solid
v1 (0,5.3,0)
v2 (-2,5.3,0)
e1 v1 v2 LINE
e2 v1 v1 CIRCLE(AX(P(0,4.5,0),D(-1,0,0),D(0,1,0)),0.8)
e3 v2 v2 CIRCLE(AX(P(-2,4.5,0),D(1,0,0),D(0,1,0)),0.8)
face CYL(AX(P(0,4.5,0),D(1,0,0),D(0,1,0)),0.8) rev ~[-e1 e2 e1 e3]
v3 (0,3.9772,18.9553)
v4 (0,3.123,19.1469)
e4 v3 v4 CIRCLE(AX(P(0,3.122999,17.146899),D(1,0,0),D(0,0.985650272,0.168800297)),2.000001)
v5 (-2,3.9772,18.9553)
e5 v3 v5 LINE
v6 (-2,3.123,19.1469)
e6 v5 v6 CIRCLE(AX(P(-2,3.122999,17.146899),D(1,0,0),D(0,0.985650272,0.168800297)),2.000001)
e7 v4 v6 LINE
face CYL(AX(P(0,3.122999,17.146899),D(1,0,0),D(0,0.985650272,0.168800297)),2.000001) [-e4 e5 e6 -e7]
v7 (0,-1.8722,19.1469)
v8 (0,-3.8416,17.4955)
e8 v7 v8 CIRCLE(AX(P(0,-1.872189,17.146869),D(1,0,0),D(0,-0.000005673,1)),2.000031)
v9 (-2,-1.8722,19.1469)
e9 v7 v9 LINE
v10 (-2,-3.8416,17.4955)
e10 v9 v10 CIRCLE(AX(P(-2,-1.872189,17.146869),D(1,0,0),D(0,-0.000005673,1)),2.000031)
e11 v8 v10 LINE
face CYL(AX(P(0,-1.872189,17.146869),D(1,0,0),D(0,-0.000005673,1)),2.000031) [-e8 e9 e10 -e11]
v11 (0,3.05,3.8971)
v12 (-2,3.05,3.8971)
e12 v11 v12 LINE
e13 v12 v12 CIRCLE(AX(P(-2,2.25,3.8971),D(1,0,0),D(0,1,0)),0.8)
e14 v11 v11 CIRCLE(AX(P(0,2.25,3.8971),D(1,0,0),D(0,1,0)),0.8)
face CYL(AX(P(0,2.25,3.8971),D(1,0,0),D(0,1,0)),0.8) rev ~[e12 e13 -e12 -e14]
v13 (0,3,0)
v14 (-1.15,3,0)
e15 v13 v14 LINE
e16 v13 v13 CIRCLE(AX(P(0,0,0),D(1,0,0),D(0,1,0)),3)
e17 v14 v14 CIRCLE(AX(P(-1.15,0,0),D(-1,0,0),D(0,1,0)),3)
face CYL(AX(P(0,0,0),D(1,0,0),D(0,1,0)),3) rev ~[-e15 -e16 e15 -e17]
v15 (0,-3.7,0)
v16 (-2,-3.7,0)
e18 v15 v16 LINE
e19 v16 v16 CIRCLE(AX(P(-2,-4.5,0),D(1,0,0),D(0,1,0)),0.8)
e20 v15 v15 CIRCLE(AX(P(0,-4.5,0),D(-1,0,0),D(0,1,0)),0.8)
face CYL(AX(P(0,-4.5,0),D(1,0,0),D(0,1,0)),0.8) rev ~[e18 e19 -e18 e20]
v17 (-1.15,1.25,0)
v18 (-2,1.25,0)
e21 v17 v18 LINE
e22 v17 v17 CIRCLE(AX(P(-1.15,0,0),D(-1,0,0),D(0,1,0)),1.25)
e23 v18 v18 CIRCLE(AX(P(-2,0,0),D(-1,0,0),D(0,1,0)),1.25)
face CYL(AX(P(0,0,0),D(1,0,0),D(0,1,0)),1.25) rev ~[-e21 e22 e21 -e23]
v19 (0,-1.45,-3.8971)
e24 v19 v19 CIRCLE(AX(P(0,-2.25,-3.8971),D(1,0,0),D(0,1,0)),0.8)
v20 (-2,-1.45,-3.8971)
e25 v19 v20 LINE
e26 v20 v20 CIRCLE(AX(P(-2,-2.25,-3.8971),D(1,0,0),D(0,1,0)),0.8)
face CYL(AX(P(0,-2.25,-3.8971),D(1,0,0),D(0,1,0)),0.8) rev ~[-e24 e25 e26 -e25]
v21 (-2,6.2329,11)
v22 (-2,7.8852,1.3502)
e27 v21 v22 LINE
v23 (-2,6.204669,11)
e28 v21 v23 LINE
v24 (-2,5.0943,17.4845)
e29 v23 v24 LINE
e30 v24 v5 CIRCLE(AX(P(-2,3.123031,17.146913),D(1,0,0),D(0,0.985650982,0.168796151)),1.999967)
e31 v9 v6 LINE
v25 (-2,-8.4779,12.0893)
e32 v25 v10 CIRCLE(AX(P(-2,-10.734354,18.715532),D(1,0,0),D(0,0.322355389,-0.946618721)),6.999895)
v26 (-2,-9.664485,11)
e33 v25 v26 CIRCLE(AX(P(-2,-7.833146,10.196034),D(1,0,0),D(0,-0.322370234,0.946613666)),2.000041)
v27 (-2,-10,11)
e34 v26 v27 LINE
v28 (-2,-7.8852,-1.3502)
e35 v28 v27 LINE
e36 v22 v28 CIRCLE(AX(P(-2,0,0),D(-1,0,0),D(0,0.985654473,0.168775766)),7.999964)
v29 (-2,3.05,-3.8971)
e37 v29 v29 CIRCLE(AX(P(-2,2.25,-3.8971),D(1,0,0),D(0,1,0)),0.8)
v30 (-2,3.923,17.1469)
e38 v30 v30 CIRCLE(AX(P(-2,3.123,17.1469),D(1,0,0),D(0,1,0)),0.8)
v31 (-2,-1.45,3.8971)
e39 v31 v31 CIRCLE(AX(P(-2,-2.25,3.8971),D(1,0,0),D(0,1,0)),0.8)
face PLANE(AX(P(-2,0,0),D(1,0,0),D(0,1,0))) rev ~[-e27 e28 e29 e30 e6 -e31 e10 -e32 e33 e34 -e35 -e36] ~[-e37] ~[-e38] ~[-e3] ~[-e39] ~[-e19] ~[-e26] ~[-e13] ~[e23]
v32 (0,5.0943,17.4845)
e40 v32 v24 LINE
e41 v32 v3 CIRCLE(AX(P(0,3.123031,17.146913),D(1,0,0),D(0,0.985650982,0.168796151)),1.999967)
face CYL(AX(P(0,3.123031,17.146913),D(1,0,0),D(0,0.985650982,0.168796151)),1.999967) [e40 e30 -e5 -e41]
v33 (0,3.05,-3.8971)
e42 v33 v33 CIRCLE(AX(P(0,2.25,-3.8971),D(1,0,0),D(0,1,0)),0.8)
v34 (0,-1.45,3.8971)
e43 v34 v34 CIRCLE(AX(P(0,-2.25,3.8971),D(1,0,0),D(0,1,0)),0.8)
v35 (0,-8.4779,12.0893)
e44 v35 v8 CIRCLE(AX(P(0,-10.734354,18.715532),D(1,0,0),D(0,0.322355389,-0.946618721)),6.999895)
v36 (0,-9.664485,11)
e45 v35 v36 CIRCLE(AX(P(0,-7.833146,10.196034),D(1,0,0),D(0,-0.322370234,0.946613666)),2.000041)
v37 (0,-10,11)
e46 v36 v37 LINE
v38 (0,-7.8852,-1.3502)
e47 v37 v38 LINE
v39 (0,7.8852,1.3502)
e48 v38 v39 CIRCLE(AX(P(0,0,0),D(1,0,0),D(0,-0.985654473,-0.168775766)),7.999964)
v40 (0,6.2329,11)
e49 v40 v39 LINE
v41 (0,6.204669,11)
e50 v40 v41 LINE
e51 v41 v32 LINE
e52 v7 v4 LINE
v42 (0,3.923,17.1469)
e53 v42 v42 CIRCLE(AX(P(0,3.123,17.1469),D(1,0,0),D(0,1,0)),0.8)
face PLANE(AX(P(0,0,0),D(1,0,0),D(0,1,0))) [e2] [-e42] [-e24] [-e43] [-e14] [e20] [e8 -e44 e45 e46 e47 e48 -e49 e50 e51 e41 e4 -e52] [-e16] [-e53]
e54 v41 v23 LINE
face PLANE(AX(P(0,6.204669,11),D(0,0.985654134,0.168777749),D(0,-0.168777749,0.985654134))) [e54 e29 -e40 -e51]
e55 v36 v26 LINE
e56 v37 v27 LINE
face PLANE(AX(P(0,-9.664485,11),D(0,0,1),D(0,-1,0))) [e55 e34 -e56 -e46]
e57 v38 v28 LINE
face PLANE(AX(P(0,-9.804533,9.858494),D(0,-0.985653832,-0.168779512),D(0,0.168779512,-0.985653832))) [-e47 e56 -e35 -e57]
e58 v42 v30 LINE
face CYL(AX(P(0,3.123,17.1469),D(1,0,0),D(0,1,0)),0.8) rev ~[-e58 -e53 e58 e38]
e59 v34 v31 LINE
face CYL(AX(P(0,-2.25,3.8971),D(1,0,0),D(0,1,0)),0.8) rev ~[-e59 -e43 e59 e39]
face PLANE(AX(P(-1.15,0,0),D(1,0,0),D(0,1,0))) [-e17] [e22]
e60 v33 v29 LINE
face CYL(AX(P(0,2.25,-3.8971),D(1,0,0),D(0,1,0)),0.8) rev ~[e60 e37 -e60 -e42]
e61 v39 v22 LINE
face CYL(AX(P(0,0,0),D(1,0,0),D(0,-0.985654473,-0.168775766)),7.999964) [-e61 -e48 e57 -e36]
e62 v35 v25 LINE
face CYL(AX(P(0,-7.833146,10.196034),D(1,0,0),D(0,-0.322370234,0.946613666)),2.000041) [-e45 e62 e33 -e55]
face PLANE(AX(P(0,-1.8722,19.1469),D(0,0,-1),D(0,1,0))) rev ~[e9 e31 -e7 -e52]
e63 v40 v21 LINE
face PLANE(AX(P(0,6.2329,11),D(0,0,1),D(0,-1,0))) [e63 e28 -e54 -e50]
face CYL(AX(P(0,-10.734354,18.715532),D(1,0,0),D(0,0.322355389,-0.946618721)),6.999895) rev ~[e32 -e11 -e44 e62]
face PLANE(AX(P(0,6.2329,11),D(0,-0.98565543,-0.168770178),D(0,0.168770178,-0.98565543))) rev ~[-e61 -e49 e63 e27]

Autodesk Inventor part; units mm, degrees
ref_plane "YZ Plane" through (0, 0, 0) normal (1, 0, 0) x (0, 1, 0)
ref_plane "XZ Plane" through (0, 0, 0) normal (0, 1, 0) x (-1, 0, 0)
ref_plane "XY Plane" through (0, 0, 0) normal (0, 0, 1) x (1, 0, 0)
sketch "スケッチ1" plane through (0, 0, 0) normal (1, 0, 0) x (0, 1, 0)
  circle A0 centre (0, 0) radius 3
  circle A1 centre (0, 0) radius 4.5 construction
  circle A2 centre (4.5, 0) radius 0.8
  circle A3 centre (2.25, 3.8971) radius 0.8
  circle A4 centre (-2.25, 3.8971) radius 0.8
  circle A5 centre (-4.5, 0) radius 0.8
  circle A6 centre (-2.25, -3.8971) radius 0.8
  circle A7 centre (2.25, -3.8971) radius 0.8
  line L0 (-25.1126, 0) -> (14.9601, 0) projected
  line L1 (6.2329, 11) -> (-10, 11)
  line L2 (-10, 11) -> (-7.8852, -1.3502)
  circle A8 centre (0, 0) radius 1.25
  line L3 (0, 0) -> (-10, 0) construction
  line L4 (-10, 0) -> (-10, 11) construction
  arc A9 (-7.8852, -1.3502) -> (7.8852, 1.3502) centre (0, 0) ccw
  line L5 (6.2329, 11) -> (7.8852, 1.3502)
  line L6 (-13.5106, 12.8383) -> (-10.0642, 11.2105) projected
  line L7 (-10.0642, 11.2105) -> (-7.9495, -1.1398) projected
  arc A10 (-7.9495, -1.1398) -> (7.821, 1.5607) centre (-0.0642, 0.2105) ccw projected
  line L8 (7.821, 1.5607) -> (5.0943, 17.4845) projected
  arc A11 (5.0943, 17.4845) -> (3.9772, 18.9553) centre (3.123, 17.1469) ccw projected
  line L9 (3.9772, 18.9553) -> (-7.9583, 24.593) projected
  arc A12 (-7.9583, 24.593) -> (-13.5106, 12.8383) centre (-10.7344, 18.7156) ccw projected
  circle A13 centre (-0.0642, 0.2105) radius 1 projected
  circle A14 centre (3.123, 17.1469) radius 0.8 projected
  circle A15 centre (-10.7344, 18.7156) radius 3 projected
  arc A16 (-8.4779, 12.0893) -> (-3.8416, 17.4955) centre (-10.7344, 18.7156) ccw
  line L10 (-1.8722, 19.1469) -> (3.123, 19.1469)
  arc A17 (5.0943, 17.4845) -> (3.123, 19.1469) centre (3.123, 17.1469) ccw
  line L11 (-9.8045, 9.8585) -> (-10, 11)
  arc A18 (-1.8722, 19.1469) -> (-3.8416, 17.4955) centre (-1.8722, 17.1469) ccw
  arc A19 (-8.4779, 12.0893) -> (-9.8045, 9.8585) centre (-7.8332, 10.1961) ccw
  point P0 (7.5963, 0)
  point P1 (-10.1271, 11.742)
  point P2 (-3.7477, 19.1469)
  point P3 (-9.6645, 11)
  point P4 (6.2047, 11)
  point P5 (3.9772, 18.9553)
  dimension "d1" = 9
  dimension "d0" = 6
  dimension "d2" = 1.6
  dimension "d5" = 360
  dimension "d8" = 2.5
  dimension "d13" = 8
  dimension "d14" = 10
  dimension "d15" = 11
  dimension "d16" = 7
  dimension "d17" = 2
extrude "押し出し1" add sketch "スケッチ1" against normal blind 2 contours L0 A8 A0 | L0 A2 A10 A9 L2 A5 A0 | A0 L0 A8 | A0 L0 A5 L2 A19 L1 L8 A10 A2 | A10 L8 L1 L5 A9 L0 | L0 A9 A10 | L2 L1 A19 | L1 A19 A16 A18 L10 A17 A11 L8
extrude "押し出し2" cut sketch "スケッチ1" against normal blind 1.15 contours L0 A8 A0 | A0 L0 A8
properties part number "MotorMount"
